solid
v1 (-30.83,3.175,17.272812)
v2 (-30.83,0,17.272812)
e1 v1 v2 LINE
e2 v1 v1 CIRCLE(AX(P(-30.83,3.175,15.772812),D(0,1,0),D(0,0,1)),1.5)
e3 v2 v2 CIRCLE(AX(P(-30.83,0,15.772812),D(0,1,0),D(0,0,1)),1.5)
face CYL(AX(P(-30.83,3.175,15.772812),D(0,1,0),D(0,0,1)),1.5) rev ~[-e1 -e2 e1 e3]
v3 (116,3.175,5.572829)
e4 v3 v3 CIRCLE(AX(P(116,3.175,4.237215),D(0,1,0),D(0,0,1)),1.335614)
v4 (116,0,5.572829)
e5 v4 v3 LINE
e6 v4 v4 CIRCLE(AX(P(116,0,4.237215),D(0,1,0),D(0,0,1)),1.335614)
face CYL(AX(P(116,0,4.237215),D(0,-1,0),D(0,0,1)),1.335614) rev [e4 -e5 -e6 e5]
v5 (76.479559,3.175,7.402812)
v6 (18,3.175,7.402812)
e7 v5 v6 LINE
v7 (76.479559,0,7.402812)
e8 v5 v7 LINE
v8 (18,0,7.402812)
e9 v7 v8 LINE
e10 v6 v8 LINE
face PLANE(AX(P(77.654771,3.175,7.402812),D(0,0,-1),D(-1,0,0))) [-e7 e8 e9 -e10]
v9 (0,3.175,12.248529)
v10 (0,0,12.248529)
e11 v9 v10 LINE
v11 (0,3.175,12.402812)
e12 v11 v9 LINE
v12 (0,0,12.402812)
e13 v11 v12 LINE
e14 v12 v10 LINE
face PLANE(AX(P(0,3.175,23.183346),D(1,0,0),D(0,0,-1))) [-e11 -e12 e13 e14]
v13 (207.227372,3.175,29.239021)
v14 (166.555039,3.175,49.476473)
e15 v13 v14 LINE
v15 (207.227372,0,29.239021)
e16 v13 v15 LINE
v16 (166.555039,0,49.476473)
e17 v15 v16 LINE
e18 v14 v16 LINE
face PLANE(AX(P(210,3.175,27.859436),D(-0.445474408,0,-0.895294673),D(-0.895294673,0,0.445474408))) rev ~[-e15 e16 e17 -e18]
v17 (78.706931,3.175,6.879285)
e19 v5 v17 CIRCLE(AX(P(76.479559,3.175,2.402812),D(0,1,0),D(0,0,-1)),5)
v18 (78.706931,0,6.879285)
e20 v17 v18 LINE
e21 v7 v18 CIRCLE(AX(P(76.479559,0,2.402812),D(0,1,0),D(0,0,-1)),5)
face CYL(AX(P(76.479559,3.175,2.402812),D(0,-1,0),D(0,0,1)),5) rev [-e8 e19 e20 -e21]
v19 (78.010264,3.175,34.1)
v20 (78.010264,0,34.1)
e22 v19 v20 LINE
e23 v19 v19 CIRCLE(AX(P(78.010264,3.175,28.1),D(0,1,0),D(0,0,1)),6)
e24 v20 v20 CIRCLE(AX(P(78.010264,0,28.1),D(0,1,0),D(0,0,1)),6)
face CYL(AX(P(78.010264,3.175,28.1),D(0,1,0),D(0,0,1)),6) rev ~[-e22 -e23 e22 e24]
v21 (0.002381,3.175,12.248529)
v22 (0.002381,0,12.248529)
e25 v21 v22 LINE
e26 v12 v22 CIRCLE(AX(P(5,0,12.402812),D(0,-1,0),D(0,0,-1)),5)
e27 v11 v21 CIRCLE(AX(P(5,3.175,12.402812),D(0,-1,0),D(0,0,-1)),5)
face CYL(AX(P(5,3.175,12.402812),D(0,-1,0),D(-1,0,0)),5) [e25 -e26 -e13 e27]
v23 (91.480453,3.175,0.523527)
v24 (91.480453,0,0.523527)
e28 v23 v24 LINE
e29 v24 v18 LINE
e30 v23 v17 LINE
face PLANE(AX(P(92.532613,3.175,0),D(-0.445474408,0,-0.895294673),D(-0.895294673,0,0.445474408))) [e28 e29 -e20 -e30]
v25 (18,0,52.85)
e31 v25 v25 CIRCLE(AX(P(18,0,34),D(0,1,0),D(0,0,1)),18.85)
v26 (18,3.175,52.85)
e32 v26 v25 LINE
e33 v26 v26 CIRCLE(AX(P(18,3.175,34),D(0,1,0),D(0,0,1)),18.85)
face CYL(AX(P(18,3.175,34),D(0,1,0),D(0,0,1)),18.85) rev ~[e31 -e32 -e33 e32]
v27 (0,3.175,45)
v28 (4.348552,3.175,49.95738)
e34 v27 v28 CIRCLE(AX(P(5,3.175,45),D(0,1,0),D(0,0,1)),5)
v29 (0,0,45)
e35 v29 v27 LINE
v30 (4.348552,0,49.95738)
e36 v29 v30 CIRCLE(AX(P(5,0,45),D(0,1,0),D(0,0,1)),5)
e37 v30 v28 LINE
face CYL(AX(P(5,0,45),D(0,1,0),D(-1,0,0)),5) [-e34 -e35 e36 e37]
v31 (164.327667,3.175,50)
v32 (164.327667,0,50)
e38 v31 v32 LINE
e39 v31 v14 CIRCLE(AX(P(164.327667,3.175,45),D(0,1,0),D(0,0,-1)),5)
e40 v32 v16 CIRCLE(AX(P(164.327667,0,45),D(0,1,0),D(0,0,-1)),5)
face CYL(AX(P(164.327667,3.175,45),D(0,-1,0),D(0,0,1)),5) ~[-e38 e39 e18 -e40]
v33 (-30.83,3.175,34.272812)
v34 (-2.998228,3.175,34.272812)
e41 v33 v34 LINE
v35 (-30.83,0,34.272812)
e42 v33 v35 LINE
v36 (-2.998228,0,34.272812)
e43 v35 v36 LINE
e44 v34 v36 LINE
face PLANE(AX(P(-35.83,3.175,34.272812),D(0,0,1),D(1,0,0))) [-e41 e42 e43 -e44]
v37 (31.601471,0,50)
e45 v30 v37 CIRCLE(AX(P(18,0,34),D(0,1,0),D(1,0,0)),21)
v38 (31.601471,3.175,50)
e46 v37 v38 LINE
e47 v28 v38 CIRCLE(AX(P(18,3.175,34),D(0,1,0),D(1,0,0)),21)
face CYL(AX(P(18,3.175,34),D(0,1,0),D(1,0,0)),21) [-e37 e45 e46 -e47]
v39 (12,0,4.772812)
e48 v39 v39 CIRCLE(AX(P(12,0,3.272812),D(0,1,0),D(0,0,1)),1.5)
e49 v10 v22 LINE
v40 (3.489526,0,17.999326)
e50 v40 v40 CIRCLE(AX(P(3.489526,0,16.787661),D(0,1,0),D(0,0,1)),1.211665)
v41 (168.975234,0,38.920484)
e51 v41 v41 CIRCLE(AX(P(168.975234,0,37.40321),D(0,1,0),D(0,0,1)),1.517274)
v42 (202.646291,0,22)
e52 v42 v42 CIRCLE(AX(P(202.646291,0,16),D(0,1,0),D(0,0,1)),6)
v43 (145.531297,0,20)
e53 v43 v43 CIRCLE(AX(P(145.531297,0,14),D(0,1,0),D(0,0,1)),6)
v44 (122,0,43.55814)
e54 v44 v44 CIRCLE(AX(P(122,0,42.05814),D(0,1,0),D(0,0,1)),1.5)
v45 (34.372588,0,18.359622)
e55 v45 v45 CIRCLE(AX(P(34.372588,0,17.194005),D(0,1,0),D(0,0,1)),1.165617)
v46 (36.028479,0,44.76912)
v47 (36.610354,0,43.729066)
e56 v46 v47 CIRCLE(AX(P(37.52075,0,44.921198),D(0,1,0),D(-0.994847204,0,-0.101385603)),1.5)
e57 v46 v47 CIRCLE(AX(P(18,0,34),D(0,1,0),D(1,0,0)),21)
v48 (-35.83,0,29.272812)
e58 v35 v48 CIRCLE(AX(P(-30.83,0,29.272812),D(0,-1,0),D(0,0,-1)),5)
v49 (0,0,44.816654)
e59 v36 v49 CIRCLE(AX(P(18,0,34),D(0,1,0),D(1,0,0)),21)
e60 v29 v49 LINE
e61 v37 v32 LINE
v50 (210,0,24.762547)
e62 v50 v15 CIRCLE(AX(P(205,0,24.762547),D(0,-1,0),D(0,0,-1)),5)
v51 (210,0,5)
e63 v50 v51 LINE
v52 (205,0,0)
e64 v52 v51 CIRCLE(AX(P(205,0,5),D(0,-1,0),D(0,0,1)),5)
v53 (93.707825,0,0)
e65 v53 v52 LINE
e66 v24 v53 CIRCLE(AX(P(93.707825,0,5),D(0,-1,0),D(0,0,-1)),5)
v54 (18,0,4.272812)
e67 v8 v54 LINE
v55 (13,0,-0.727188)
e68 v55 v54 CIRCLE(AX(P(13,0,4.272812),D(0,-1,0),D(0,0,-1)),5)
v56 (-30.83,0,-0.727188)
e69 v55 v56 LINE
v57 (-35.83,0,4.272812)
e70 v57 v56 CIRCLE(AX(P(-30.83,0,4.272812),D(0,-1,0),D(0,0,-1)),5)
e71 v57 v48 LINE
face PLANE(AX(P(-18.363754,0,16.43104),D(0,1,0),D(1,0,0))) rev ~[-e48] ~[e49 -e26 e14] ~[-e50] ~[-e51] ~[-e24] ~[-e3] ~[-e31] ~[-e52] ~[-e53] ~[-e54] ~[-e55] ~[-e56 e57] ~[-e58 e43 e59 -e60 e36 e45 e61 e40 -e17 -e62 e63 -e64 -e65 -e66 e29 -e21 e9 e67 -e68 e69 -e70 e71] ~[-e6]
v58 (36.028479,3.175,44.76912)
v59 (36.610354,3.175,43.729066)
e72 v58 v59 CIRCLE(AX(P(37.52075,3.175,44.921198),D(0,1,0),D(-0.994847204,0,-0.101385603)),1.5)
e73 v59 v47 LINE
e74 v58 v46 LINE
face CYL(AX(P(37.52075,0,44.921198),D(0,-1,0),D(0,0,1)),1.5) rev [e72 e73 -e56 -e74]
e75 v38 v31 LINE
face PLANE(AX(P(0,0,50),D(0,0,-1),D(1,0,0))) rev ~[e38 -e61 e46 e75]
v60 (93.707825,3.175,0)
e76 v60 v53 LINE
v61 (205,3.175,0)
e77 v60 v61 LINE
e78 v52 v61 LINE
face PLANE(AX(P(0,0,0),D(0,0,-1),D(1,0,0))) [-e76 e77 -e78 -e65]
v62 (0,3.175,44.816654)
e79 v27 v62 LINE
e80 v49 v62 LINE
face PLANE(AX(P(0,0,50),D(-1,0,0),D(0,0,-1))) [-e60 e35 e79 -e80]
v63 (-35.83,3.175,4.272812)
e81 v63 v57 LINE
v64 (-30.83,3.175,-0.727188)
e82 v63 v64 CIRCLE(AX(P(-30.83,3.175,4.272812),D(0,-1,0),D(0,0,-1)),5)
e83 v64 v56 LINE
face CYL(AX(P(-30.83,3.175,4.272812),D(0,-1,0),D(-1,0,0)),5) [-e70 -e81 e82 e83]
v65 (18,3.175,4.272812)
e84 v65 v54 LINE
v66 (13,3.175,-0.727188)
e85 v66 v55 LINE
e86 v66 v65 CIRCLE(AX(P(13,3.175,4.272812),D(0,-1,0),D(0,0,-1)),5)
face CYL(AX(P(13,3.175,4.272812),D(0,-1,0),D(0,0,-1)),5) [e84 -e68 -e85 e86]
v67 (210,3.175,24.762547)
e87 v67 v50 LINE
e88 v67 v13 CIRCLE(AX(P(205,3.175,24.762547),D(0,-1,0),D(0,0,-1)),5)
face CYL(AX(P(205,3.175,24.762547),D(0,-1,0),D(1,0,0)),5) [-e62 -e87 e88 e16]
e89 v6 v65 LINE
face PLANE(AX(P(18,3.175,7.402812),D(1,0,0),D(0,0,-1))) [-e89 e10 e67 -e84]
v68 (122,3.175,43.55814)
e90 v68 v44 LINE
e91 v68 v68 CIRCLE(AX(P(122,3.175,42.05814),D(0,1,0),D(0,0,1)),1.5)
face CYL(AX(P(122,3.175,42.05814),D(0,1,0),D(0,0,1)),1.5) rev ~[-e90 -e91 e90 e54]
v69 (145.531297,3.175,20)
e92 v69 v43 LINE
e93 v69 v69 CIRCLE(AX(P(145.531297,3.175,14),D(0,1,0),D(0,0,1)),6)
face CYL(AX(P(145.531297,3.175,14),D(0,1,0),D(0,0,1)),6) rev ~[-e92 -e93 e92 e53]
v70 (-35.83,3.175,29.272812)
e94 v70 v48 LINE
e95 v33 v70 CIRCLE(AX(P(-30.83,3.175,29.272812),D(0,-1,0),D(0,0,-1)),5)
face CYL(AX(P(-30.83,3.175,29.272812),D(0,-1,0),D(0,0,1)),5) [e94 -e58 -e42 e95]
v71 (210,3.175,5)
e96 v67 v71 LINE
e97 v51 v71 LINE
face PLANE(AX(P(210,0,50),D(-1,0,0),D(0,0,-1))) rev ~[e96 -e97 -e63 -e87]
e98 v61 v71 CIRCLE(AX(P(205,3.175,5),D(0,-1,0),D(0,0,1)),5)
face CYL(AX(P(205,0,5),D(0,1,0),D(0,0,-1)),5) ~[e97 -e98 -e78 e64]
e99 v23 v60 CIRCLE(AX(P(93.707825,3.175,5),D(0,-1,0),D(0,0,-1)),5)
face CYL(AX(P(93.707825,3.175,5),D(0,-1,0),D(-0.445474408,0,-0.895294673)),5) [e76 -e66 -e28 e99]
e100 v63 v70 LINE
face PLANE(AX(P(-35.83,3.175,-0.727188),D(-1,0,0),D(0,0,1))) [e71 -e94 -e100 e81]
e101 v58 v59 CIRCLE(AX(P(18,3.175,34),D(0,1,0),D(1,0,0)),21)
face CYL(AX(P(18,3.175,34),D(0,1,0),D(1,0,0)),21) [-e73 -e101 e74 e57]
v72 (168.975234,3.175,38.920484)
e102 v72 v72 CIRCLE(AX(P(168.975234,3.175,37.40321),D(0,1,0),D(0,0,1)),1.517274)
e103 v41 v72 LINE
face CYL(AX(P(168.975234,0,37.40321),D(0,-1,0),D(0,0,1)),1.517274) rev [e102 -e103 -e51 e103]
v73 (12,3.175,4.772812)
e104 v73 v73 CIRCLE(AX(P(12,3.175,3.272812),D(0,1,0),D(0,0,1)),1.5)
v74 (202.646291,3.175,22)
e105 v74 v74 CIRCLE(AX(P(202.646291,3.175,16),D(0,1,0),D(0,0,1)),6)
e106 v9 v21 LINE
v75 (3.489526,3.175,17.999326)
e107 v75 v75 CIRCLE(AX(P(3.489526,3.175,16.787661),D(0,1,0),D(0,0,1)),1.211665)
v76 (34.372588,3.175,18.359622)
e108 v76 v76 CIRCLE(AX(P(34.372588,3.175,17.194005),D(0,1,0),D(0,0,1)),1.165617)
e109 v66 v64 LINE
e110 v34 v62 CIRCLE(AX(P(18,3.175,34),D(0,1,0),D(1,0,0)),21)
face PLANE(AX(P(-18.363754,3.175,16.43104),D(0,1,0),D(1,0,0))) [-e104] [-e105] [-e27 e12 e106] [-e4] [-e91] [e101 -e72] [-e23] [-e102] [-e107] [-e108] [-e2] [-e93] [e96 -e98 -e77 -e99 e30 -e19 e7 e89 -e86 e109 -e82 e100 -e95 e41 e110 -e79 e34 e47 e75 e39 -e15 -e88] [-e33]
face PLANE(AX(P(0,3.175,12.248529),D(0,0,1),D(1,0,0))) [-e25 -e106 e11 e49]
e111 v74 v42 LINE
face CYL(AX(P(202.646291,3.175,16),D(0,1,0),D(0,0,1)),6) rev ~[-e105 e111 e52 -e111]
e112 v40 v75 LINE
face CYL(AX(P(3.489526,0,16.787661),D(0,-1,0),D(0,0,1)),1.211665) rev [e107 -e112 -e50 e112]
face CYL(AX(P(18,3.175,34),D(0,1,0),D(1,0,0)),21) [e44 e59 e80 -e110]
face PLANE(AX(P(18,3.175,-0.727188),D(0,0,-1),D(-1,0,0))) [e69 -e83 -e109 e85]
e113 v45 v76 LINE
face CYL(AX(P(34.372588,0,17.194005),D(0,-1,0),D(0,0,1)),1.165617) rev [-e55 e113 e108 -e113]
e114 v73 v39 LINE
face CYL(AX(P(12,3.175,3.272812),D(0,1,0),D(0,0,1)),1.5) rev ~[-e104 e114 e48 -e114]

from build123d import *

# Parameters (mm, degrees)
SKETCH1_W           = 210
SKETCH1_H           = 50
SKETCH1_R           = 1.211665018
SKETCH1_R_2         = 1.165617118
SKETCH1_R_3         = 1.5
SKETCH1_R_4         = 1.517273905
SKETCH1_R_5         = 1.335614121
SKETCH1_R_6         = 1.62438417
BOSS_EXTRUDE1_DEPTH = 3.175
SKETCH2_R           = 2
CUT_EXTRUDE1_DEPTH  = 10
SKETCH3_R           = 6
SKETCH3_R_2         = 0.586995366
CUT_EXTRUDE2_DEPTH  = 57.15
CUT_EXTRUDE7_DEPTH  = 10
FILLET3_R           = 5
SKETCH11_R          = 18.5
SKETCH11_R_2        = 2
BOSS_EXTRUDE4_DEPTH = 3.175
SKETCH12_R          = 21
BOSS_EXTRUDE5_DEPTH = 3.175
SKETCH13_R          = 18.85
CUT_EXTRUDE8_DEPTH  = 3.175
BOSS_EXTRUDE6_DEPTH = 3.175
FILLET4_R           = 5
SKETCH15_R          = 1.5
CUT_EXTRUDE9_DEPTH  = 10
SKETCH16_R          = 1.5
CUT_EXTRUDE10_DEPTH = 10
SKETCH17_R          = 1.5
CUT_EXTRUDE11_DEPTH = 10


with BuildPart() as part:
    # Sketch1 → Boss-Extrude1 (new body)
    with BuildSketch(Plane(origin=(0, 0, 0), x_dir=(1, 0, 0), z_dir=(0, 1, 0))):
        with Locations((105, -25)):
            Rectangle(SKETCH1_W, SKETCH1_H)
        with Locations(Location((3.489526233, -16.787661112, 0), (0, 0, 270))):
            Circle(SKETCH1_R, mode=Mode.SUBTRACT)
        with Locations(Location((34.37258772, -17.194005245, 0), (0, 0, 270))):
            Circle(SKETCH1_R_2, mode=Mode.SUBTRACT)
        with Locations(Location((37.520749958, -44.921198121, 0), (0, 0, 270))):
            Circle(SKETCH1_R_3, mode=Mode.SUBTRACT)
        with Locations(Location((168.975233936, -37.403209633, 0), (0, 0, 270))):
            Circle(SKETCH1_R_4, mode=Mode.SUBTRACT)
        with Locations(Location((116, -4.237214774, 0), (0, 0, 270))):
            Circle(SKETCH1_R_5, mode=Mode.SUBTRACT)
        with Locations(Location((12.257640281, -3.274812063, 0), (0, 0, 270))):
            Circle(SKETCH1_R_6, mode=Mode.SUBTRACT)
    extrude(amount=BOSS_EXTRUDE1_DEPTH)

    # Sketch2 → Cut-Extrude1 (cut)
    with BuildSketch(Plane(origin=(0, 3.175, 0), x_dir=(1, 0, 0), z_dir=(0, 1, 0))):
        with Locations(Location((10, -26, 0), (0, 0, 270))):
            Circle(SKETCH2_R)
        with Locations(Location((10, -42, 0), (0, 0, 270))):
            Circle(SKETCH2_R)
        with Locations(Location((26, -26, 0), (0, 0, 270))):
            Circle(SKETCH2_R)
        with Locations(Location((26, -42, 0), (0, 0, 270))):
            Circle(SKETCH2_R)
    extrude(amount=-CUT_EXTRUDE1_DEPTH, mode=Mode.SUBTRACT)

    # Sketch3 → Cut-Extrude2 (cut)
    with BuildSketch(Plane(origin=(0, 3.175, 0), x_dir=(1, 0, 0), z_dir=(0, 1, 0))):
        with Locations(Location((78.01026379, -28.1, 0), (0, 0, 270))):
            Circle(SKETCH3_R)
        with Locations(Location((145.531297368, -14, 0), (0, 0, 270))):
            Circle(SKETCH3_R)
        with Locations(Location((18, -34, 0), (0, 0, 270))):
            Circle(SKETCH3_R_2)
        with Locations(Location((202.646291021, -16, 0), (0, 0, 270))):
            Circle(SKETCH3_R)
    extrude(amount=-CUT_EXTRUDE2_DEPTH, mode=Mode.SUBTRACT)

    # Sketch10 → Cut-Extrude7 (cut)
    with BuildSketch(Plane(origin=(0, 3.175, 0), x_dir=(1, 0, 0), z_dir=(0, 1, 0))):
        Polygon((210, -27.859435908), (165.502877994, -50), (210, -50), align=None)
        Polygon((92.532613397, 0), (77.65477062, -7.402812063), (0, -7.402812063), (0, 0), align=None)
    extrude(amount=-CUT_EXTRUDE7_DEPTH, mode=Mode.SUBTRACT)

    # Fillet3
    fillet3_edges = [part.edges().sort_by_distance(p)[0] for p in [
        (210, 1.5875, 0),
        (0, 1.5875, 50),
        (92.532613397, 1.5875, 0),
        (210, 1.5875, 27.859435908),
        (165.502877994, 1.5875, 50),
        (77.65477062, 1.5875, 7.402812063),
        (0, 1.5875, 7.402812063),
    ]]
    fillet(fillet3_edges, radius=FILLET3_R)

    # Sketch11 → Boss-Extrude4 (add)
    with BuildSketch(Plane(origin=(0, 3.175, 0), x_dir=(1, 0, 0), z_dir=(0, 1, 0))):
        with Locations((18, -34)):
            Circle(SKETCH11_R)
        with Locations(Location((10, -26, 0), (0, 0, 270))):
            Circle(SKETCH11_R_2, mode=Mode.SUBTRACT)
        with Locations(Location((10, -42, 0), (0, 0, 270))):
            Circle(SKETCH11_R_2, mode=Mode.SUBTRACT)
        with Locations(Location((26, -26, 0), (0, 0, 270))):
            Circle(SKETCH11_R_2, mode=Mode.SUBTRACT)
        with Locations(Location((26, -42, 0), (0, 0, 270))):
            Circle(SKETCH11_R_2, mode=Mode.SUBTRACT)
    extrude(amount=-BOSS_EXTRUDE4_DEPTH)

    # Sketch12 → Boss-Extrude5 (add)
    with BuildSketch(Plane(origin=(0, 3.175, 0), x_dir=(1, 0, 0), z_dir=(0, 1, 0))):
        with Locations((18, -34)):
            Circle(SKETCH12_R)
    extrude(amount=-BOSS_EXTRUDE5_DEPTH)

    # Sketch13 → Cut-Extrude8 (cut)
    with BuildSketch(Plane(origin=(0, 3.175, 0), x_dir=(1, 0, 0), z_dir=(0, 1, 0))):
        with Locations(Location((18, -34, 0), (0, 0, 270))):
            Circle(SKETCH13_R)
    extrude(amount=-CUT_EXTRUDE8_DEPTH, mode=Mode.SUBTRACT)

    # Sketch14 → Boss-Extrude6 (add)
    with BuildSketch(Plane(origin=(0, 3.175, 0), x_dir=(1, 0, 0), z_dir=(0, 1, 0))):
        with BuildLine():
            Line((-35.83, -34.272812063), (-2.998227868, -34.272812063))
            ThreePointArc((-2.998227868, -34.272812063), (-2.272136238, -28.519079241), (0, -23.183346174))
            Line((0, -23.183346174), (0, -12.402812063))
            Line((0, -12.402812063), (0, -12.248529085))
            Line((0, -12.248529085), (0, 0.727187937))
            Line((0, 0.727187937), (-35.83, 0.727187937))
            Line((-35.83, 0.727187937), (-35.83, -34.272812063))
        make_face()
        with BuildLine():
            Line((0, 0.727187937), (0, -12.248529085))
            Line((0, -12.248529085), (0.002380891, -12.248529085))
            ThreePointArc((0.002380891, -12.248529085), (1.51944077, -8.813145304), (5, -7.402812063))
            Line((5, -7.402812063), (18, -7.402812063))
            Line((18, -7.402812063), (18, 0.727187937))
            Line((18, 0.727187937), (0, 0.727187937))
        make_face()
    extrude(amount=-BOSS_EXTRUDE6_DEPTH)

    # Fillet4
    fillet4_edges = [part.edges().sort_by_distance(p)[0] for p in [
        (-35.83, 1.5875, 34.272812063),
        (-35.83, 1.5875, -0.727187937),
        (18, 1.5875, -0.727187937),
    ]]
    fillet(fillet4_edges, radius=FILLET4_R)

    # Sketch15 → Cut-Extrude9 (cut)
    with BuildSketch(Plane(origin=(0, 3.175, 0), x_dir=(1, 0, 0), z_dir=(0, 1, 0))):
        with Locations(Location((122, -42.058139805, 0), (0, 0, 270))):
            Circle(SKETCH15_R)
    extrude(amount=-CUT_EXTRUDE9_DEPTH, mode=Mode.SUBTRACT)

    # Sketch16 → Cut-Extrude10 (cut)
    with BuildSketch(Plane(origin=(0, 3.175, 0), x_dir=(1, 0, 0), z_dir=(0, 1, 0))):
        with Locations(Location((12, -3.272812063, 0), (0, 0, 270))):
            Circle(SKETCH16_R)
    extrude(amount=-CUT_EXTRUDE10_DEPTH, mode=Mode.SUBTRACT)

    # Sketch17 → Cut-Extrude11 (cut)
    with BuildSketch(Plane(origin=(0, 3.175, 0), x_dir=(1, 0, 0), z_dir=(0, 1, 0))):
        with Locations(Location((-30.83, -15.772812063, 0), (0, 0, 270))):
            Circle(SKETCH17_R)
    extrude(amount=-CUT_EXTRUDE11_DEPTH, mode=Mode.SUBTRACT)


solid = part.part
